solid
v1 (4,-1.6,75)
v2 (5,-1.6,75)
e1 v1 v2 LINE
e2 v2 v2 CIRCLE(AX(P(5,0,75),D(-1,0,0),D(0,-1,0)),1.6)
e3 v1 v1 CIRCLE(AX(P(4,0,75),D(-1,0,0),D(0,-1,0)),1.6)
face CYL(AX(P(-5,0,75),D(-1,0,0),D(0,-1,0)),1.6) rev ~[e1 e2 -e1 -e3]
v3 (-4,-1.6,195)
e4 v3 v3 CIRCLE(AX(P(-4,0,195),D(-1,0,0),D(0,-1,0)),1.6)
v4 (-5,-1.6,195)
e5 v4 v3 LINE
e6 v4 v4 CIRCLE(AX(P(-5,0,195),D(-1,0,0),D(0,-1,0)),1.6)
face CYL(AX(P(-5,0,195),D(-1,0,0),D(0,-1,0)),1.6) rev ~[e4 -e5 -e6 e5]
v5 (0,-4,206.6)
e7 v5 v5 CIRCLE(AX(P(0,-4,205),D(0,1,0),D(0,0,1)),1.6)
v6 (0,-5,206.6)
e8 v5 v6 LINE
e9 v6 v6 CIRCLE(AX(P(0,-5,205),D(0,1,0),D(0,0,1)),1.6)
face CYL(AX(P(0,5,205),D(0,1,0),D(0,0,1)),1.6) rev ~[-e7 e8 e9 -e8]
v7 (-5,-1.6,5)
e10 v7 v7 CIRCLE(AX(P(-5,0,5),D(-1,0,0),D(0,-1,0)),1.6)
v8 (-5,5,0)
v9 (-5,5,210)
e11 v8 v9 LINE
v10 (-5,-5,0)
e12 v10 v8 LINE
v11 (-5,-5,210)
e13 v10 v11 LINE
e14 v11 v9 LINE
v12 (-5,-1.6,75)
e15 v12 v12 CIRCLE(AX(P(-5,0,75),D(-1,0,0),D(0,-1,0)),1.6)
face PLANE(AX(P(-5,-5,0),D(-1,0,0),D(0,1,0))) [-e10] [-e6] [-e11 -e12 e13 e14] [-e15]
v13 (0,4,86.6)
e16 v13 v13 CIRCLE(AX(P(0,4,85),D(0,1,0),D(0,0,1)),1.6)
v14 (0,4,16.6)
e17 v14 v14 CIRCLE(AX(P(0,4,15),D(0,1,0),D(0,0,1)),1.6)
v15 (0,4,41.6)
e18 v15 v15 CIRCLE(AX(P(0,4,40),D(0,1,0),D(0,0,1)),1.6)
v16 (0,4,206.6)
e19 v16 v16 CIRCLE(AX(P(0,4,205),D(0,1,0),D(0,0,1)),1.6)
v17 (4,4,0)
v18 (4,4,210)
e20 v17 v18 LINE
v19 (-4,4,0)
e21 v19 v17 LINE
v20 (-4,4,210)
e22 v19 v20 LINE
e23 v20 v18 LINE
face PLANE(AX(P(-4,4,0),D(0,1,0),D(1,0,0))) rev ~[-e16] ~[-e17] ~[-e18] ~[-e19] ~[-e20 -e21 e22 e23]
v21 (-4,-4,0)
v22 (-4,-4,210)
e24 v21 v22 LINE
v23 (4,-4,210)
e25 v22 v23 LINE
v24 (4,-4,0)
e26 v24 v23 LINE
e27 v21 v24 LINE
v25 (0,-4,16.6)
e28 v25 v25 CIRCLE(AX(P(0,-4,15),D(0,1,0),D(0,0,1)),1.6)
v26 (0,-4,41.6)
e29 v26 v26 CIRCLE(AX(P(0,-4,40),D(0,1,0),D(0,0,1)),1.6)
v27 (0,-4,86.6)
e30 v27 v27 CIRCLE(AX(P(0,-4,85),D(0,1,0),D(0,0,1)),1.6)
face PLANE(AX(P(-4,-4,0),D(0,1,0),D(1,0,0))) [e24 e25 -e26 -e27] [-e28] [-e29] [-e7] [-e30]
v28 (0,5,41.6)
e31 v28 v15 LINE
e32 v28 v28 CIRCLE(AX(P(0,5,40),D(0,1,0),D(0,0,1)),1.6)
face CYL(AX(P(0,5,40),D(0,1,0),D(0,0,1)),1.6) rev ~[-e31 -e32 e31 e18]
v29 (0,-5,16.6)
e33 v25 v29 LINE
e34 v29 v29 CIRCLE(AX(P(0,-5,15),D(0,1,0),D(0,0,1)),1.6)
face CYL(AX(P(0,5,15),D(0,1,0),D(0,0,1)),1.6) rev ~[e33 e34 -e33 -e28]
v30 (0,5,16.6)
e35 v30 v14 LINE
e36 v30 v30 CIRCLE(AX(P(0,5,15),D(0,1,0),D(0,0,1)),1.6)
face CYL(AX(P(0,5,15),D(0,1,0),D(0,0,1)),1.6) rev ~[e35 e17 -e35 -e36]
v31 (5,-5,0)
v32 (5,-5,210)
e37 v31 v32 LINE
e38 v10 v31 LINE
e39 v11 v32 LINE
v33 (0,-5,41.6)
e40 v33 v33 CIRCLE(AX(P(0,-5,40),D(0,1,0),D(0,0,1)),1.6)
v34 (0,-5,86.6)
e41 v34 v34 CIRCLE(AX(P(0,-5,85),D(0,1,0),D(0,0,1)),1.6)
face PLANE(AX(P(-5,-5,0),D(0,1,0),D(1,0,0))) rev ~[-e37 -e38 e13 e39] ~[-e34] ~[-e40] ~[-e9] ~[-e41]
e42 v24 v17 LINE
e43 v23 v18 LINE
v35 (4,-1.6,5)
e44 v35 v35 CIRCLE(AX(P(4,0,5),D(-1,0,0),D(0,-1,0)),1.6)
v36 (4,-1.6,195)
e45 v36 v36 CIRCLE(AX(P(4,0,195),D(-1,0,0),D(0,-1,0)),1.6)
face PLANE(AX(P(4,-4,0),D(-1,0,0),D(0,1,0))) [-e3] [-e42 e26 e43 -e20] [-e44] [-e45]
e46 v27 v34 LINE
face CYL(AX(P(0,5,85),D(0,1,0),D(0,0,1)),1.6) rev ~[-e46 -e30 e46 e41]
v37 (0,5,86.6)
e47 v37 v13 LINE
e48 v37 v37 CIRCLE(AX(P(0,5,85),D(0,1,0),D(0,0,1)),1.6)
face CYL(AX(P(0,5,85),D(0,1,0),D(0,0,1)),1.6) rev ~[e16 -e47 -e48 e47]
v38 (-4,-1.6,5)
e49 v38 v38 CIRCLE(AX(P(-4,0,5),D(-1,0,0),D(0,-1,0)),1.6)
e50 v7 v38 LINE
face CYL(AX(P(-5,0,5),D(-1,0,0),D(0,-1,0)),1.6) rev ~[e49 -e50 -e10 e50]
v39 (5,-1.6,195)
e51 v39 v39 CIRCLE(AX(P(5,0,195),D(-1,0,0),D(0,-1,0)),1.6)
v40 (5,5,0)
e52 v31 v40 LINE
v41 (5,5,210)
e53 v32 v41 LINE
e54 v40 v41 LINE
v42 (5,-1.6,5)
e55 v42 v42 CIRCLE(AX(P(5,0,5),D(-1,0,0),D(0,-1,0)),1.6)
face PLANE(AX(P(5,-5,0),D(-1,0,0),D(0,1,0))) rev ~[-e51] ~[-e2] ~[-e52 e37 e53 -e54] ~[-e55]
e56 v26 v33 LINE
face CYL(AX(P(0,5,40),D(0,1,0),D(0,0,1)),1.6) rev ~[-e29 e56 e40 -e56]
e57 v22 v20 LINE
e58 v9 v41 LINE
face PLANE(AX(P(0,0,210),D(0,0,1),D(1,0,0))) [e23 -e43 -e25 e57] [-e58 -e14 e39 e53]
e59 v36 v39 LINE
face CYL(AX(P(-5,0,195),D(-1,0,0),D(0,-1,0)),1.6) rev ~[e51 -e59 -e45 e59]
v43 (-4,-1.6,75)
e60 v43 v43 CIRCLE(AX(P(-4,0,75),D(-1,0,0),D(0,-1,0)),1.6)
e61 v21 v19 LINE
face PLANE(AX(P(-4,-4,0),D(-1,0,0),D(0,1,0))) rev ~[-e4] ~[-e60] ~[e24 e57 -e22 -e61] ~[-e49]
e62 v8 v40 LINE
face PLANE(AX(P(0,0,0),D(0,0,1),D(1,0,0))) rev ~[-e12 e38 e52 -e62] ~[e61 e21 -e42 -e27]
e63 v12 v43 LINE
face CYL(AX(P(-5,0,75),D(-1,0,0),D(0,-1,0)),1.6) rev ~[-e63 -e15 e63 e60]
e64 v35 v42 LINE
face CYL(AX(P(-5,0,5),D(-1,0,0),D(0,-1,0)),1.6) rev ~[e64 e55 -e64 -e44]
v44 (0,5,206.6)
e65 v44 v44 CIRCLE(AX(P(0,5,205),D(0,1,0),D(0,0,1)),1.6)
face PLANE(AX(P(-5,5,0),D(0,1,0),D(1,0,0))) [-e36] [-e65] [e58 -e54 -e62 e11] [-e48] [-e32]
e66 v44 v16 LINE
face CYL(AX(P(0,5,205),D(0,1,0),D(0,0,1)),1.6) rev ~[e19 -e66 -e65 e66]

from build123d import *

# Parameters (mm, degrees)
SKETCH_1_W          = 10
SKETCH_1_H          = 10
SKETCH_1_W_2        = 8
SKETCH_1_H_2        = 8
EXTRUDE_1_DEPTH     = 210
SKETCH_2_R          = 1.6
CUT_EXTRUDE_1_DEPTH = 211.297408448
SKETCH_3_R          = 1.6
CUT_EXTRUDE_2_DEPTH = 211.297408448
SKETCH_4_R          = 1.6
CUT_EXTRUDE_3_DEPTH = 211.297408448


with BuildPart() as part:
    # ｽｹｯﾁ1 → ﾎﾞｽ - 押し出し1 (new body)
    with BuildSketch(Plane.XY):
        Rectangle(SKETCH_1_W, SKETCH_1_H)
        Rectangle(SKETCH_1_W_2, SKETCH_1_H_2, mode=Mode.SUBTRACT)
    extrude(amount=EXTRUDE_1_DEPTH)

    # ｽｹｯﾁ2 → ｶｯﾄ - 押し出し1 (cut, through all)
    with BuildSketch(Plane.ZY.offset(5)):
        with Locations(Location((5, 0, 0), (0, 0, 270))):
            Circle(SKETCH_2_R)
        with Locations(Location((75, 0, 0), (0, 0, 270))):
            Circle(SKETCH_2_R)
        with Locations(Location((195, 0, 0), (0, 0, 270))):
            Circle(SKETCH_2_R)
    extrude(amount=-CUT_EXTRUDE_1_DEPTH, mode=Mode.SUBTRACT)

    # ｽｹｯﾁ3 → ｶｯﾄ - 押し出し2 (cut, through all)
    with BuildSketch(Plane(origin=(0, 5, 0), x_dir=(1, 0, 0), z_dir=(0, 1, 0))):
        with Locations(Location((0, -15, 0), (0, 0, 270))):
            Circle(SKETCH_3_R)
        with Locations(Location((0, -85, 0), (0, 0, 270))):
            Circle(SKETCH_3_R)
        with Locations(Location((0, -40, 0), (0, 0, 270))):
            Circle(SKETCH_3_R)
    extrude(amount=-CUT_EXTRUDE_2_DEPTH, mode=Mode.SUBTRACT)

    # ｽｹｯﾁ4 → ｶｯﾄ - 押し出し3 (cut, through all)
    with BuildSketch(Plane(origin=(0, 5, 0), x_dir=(1, 0, 0), z_dir=(0, 1, 0))):
        with Locations(Location((0, -205, 0), (0, 0, 270))):
            Circle(SKETCH_4_R)
    extrude(amount=-CUT_EXTRUDE_3_DEPTH, mode=Mode.SUBTRACT)


solid = part.part
